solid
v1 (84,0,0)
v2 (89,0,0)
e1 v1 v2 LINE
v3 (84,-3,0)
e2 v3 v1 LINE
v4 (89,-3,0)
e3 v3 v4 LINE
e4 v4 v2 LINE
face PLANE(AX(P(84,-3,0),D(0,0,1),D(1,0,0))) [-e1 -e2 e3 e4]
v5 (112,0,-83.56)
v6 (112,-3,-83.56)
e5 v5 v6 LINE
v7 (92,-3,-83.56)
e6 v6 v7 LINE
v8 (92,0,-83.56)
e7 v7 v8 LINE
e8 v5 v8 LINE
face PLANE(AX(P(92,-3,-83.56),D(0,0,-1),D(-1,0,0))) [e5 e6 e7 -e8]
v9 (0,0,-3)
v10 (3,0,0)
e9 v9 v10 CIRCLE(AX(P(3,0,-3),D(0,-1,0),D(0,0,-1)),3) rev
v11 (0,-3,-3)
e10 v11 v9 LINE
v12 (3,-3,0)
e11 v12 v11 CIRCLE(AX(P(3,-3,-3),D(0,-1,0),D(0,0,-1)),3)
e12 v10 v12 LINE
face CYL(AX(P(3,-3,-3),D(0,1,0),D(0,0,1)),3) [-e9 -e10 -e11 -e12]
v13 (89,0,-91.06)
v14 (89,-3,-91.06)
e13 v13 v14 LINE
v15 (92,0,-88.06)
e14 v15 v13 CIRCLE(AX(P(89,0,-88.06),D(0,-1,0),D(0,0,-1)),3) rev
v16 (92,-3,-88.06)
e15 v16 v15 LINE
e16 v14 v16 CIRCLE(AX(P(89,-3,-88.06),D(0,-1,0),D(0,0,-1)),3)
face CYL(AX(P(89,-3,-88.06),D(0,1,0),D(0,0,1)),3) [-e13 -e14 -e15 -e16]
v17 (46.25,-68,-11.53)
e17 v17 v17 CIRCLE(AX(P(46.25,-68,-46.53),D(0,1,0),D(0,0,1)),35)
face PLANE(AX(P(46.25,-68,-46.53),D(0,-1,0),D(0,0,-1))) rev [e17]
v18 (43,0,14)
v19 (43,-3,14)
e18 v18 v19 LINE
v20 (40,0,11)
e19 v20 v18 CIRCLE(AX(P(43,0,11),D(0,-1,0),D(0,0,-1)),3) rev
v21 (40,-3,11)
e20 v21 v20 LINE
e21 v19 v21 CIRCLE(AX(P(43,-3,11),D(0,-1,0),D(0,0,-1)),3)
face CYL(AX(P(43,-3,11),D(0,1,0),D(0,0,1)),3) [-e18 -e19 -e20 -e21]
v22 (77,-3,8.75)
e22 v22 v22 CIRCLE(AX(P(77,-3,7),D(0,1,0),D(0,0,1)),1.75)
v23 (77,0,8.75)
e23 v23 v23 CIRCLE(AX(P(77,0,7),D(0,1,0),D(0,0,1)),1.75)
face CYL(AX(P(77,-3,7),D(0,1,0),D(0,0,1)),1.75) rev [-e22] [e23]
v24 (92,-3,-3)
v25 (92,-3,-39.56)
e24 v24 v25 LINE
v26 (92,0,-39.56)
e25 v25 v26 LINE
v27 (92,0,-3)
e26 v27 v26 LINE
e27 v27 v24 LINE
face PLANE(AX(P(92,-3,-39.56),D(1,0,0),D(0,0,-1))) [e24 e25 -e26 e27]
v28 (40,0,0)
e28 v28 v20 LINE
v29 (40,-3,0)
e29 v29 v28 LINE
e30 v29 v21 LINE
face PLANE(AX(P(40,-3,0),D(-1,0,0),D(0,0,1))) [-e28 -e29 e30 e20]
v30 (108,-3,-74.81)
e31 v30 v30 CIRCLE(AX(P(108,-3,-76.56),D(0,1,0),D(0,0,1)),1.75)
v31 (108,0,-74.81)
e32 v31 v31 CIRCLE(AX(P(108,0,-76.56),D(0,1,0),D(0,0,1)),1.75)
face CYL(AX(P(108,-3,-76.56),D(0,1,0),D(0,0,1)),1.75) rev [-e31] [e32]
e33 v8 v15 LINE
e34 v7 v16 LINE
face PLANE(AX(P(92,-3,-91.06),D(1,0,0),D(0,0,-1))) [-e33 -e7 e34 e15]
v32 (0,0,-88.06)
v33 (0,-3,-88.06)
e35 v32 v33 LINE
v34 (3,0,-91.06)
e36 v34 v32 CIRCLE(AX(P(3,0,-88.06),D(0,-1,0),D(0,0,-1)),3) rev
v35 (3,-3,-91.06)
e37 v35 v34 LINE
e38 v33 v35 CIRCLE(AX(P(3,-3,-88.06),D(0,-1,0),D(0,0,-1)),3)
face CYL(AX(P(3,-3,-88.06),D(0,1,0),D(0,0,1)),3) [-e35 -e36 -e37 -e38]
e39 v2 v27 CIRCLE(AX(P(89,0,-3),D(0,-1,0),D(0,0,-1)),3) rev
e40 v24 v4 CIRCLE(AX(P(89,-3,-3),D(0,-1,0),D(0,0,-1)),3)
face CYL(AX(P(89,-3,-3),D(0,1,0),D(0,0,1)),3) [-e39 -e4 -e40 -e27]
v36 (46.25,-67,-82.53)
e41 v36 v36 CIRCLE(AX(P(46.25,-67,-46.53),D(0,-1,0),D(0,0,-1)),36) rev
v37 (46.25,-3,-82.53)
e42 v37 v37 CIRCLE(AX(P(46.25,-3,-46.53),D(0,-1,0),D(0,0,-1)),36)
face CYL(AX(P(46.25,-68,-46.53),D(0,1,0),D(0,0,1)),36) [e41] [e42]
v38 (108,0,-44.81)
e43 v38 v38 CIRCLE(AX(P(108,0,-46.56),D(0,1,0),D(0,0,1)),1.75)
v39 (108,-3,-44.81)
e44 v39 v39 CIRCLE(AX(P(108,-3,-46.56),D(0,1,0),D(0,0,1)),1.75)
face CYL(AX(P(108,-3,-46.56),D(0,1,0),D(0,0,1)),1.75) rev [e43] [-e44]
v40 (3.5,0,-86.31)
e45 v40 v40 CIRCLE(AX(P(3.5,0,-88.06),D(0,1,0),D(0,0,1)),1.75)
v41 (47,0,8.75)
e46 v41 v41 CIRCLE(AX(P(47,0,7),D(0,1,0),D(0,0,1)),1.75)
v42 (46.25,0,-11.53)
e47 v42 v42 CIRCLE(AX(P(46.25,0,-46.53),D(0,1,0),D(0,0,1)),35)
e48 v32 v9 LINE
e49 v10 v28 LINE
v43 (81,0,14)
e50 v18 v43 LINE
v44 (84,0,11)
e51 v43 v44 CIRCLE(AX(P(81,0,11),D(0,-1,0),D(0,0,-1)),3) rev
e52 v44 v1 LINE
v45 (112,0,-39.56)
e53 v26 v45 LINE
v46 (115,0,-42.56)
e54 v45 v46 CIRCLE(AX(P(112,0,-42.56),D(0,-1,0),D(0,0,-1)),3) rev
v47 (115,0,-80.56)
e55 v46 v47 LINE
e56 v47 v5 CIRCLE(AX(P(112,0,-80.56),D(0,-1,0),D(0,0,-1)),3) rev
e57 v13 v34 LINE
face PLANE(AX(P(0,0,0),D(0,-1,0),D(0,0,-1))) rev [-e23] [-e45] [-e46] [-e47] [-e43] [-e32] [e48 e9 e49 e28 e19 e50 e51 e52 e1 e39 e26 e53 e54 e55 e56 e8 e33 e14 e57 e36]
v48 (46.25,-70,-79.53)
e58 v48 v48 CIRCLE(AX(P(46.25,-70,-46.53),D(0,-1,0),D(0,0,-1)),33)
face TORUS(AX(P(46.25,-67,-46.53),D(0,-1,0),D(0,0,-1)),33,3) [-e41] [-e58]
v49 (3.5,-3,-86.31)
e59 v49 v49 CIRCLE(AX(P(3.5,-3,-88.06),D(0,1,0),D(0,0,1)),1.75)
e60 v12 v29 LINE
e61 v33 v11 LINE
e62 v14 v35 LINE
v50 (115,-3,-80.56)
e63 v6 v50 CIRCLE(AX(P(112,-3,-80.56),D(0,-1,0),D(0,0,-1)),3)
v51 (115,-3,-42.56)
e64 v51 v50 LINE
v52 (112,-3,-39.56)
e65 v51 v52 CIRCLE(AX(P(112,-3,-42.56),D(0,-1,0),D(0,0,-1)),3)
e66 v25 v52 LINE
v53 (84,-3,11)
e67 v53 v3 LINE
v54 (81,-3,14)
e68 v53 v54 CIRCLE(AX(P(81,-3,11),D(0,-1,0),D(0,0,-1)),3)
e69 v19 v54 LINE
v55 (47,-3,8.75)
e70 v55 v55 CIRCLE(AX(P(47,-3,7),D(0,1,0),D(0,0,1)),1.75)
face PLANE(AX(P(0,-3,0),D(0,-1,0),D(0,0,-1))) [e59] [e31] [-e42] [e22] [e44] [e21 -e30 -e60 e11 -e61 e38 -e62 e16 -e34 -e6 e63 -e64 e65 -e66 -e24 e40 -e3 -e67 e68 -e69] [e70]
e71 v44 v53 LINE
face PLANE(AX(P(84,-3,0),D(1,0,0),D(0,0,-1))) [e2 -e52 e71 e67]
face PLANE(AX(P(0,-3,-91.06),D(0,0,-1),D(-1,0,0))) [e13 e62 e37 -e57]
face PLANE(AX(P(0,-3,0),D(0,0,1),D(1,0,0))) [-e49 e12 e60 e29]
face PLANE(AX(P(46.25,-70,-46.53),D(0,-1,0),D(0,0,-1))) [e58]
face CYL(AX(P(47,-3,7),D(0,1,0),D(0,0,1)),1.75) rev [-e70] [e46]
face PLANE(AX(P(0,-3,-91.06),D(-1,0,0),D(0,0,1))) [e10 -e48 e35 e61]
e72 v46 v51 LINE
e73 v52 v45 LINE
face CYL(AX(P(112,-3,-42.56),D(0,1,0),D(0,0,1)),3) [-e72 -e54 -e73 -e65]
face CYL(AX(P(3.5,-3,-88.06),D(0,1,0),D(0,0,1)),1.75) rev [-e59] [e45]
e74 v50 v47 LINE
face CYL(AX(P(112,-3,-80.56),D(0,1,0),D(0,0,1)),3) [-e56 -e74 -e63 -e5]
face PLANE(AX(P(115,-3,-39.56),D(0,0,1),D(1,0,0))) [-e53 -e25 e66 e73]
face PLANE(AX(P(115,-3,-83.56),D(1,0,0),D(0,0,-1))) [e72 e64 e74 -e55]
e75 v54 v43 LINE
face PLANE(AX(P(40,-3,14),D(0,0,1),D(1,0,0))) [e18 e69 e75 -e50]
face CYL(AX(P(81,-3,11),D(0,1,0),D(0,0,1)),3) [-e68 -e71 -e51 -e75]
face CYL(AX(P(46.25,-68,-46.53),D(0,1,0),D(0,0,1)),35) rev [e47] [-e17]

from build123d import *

# Parameters (mm, degrees)
ESQUISSE1_R        = 1.75
BOSS_EXTRU_1_DEPTH = 3
ESQUISSE2_R        = 36
BOSS_EXTRU_4_DEPTH = 0.5
ESQUISSE5_R        = 36
ESQUISSE5_R_2      = 35
BOSS_EXTRU_6_DEPTH = 68
ESQUISSE6_R        = 36
BOSS_EXTRU_7_DEPTH = 2
CONG_7_R           = 3
CONG_8_R           = 3
CONG_9_R           = 3
CONG_10_R          = 3
CONG_11_R          = 3
CONG_12_R          = 3
CONG_13_R          = 3
CONG_15_R          = 3
CONG_16_R          = 3
ESQUISSE7_R        = 36.000000001
BOSS_EXTRU_9_DEPTH = 2.5


with BuildPart() as part:
    # Esquisse1 → Boss.-Extru.1 (new body)
    with BuildSketch(Plane(origin=(0, 0, 0), x_dir=(1, 0, 0), z_dir=(0, 1, 0))):
        Polygon((0, 91.06), (0, 0), (40, 0), (40, -14), (84, -14), (84, 0), (92, 0), (92, 39.56), (115, 39.56), (115, 83.56), (92, 83.56), (92, 91.06), align=None)
        with Locations(Location((108, 46.56, 0), (0, 0, 270))):
            Circle(ESQUISSE1_R, mode=Mode.SUBTRACT)
        with Locations(Location((108, 76.56, 0), (0, 0, 270))):
            Circle(ESQUISSE1_R, mode=Mode.SUBTRACT)
        with Locations(Location((3.5, 88.06, 0), (0, 0, 270))):
            Circle(ESQUISSE1_R, mode=Mode.SUBTRACT)
        with Locations(Location((77, -7, 0), (0, 0, 270))):
            Circle(ESQUISSE1_R, mode=Mode.SUBTRACT)
        with Locations(Location((47, -7, 0), (0, 0, 270))):
            Circle(ESQUISSE1_R, mode=Mode.SUBTRACT)
        Polygon((11.27, 87.06), (88, 87.06), (88, 6), (4.5, 6), (4.5, 73.06), (11.27, 73.06), align=None, mode=Mode.SUBTRACT)
    extrude(amount=-BOSS_EXTRU_1_DEPTH)

    # Esquisse2 → Boss.-Extru.4 (add)
    with BuildSketch(Plane(origin=(0, 0, 0), x_dir=(1, 0, 0), z_dir=(0, 1, 0))):
        Polygon((11.27, 73.06), (4.5, 73.06), (4.5, 6), (88, 6), (88, 87.06), (11.27, 87.06), align=None)
        with Locations(Location((46.25, 46.53, 0), (0, 0, 270))):
            Circle(ESQUISSE2_R, mode=Mode.SUBTRACT)
    extrude(amount=-BOSS_EXTRU_4_DEPTH)

    # Esquisse5 → Boss.-Extru.6 (add)
    with BuildSketch(Plane(origin=(0, 0, 0), x_dir=(1, 0, 0), z_dir=(0, 1, 0))):
        with Locations(Location((46.25, 46.53, 0), (0, 0, 270))):
            Circle(ESQUISSE5_R)
        with Locations(Location((46.25, 46.53, 0), (0, 0, 270))):
            Circle(ESQUISSE5_R_2, mode=Mode.SUBTRACT)
    extrude(amount=-BOSS_EXTRU_6_DEPTH)

    # Esquisse6 → Boss.-Extru.7 (add)
    with BuildSketch(Plane.XZ.offset(68)):
        with Locations(Location((46.25, -46.53, 0), (0, 0, 270))):
            Circle(ESQUISSE6_R)
    extrude(amount=BOSS_EXTRU_7_DEPTH)

    # Congé7
    cong_7_edges = [part.edges().sort_by_distance(p)[0] for p in [
        (0, -1.5, -91.06),
    ]]
    fillet(cong_7_edges, radius=CONG_7_R)

    # Congé8
    cong_8_edges = [part.edges().sort_by_distance(p)[0] for p in [
        (40, -1.5, 14),
    ]]
    fillet(cong_8_edges, radius=CONG_8_R)

    # Congé9
    cong_9_edges = [part.edges().sort_by_distance(p)[0] for p in [
        (0, -1.5, 0),
    ]]
    fillet(cong_9_edges, radius=CONG_9_R)

    # Congé10
    cong_10_edges = [part.edges().sort_by_distance(p)[0] for p in [
        (92, -1.5, 0),
    ]]
    fillet(cong_10_edges, radius=CONG_10_R)

    # Congé11
    cong_11_edges = [part.edges().sort_by_distance(p)[0] for p in [
        (84, -1.5, 14),
    ]]
    fillet(cong_11_edges, radius=CONG_11_R)

    # Congé12
    cong_12_edges = [part.edges().sort_by_distance(p)[0] for p in [
        (115, -1.5, -39.56),
    ]]
    fillet(cong_12_edges, radius=CONG_12_R)

    # Congé13
    cong_13_edges = [part.edges().sort_by_distance(p)[0] for p in [
        (115, -1.5, -83.56),
    ]]
    fillet(cong_13_edges, radius=CONG_13_R)

    # Congé15
    cong_15_edges = [part.edges().sort_by_distance(p)[0] for p in [
        (92, -1.5, -91.06),
    ]]
    fillet(cong_15_edges, radius=CONG_15_R)

    # Congé16
    cong_16_edges = [part.edges().sort_by_distance(p)[0] for p in [
        (46.25, -70, -10.53),
    ]]
    fillet(cong_16_edges, radius=CONG_16_R)

    # Esquisse7 → Boss.-Extru.9 (add)
    with BuildSketch(Plane.XZ.offset(0.5)):
        Polygon((4.5, -6), (88, -6), (88, -87.06), (11.27, -87.06), (11.27, -73.06), (4.5, -73.06), align=None)
        with Locations(Location((46.25, -46.53, 0), (0, 0, 270))):
            Circle(ESQUISSE7_R, mode=Mode.SUBTRACT)
    extrude(amount=BOSS_EXTRU_9_DEPTH)


solid = part.part
